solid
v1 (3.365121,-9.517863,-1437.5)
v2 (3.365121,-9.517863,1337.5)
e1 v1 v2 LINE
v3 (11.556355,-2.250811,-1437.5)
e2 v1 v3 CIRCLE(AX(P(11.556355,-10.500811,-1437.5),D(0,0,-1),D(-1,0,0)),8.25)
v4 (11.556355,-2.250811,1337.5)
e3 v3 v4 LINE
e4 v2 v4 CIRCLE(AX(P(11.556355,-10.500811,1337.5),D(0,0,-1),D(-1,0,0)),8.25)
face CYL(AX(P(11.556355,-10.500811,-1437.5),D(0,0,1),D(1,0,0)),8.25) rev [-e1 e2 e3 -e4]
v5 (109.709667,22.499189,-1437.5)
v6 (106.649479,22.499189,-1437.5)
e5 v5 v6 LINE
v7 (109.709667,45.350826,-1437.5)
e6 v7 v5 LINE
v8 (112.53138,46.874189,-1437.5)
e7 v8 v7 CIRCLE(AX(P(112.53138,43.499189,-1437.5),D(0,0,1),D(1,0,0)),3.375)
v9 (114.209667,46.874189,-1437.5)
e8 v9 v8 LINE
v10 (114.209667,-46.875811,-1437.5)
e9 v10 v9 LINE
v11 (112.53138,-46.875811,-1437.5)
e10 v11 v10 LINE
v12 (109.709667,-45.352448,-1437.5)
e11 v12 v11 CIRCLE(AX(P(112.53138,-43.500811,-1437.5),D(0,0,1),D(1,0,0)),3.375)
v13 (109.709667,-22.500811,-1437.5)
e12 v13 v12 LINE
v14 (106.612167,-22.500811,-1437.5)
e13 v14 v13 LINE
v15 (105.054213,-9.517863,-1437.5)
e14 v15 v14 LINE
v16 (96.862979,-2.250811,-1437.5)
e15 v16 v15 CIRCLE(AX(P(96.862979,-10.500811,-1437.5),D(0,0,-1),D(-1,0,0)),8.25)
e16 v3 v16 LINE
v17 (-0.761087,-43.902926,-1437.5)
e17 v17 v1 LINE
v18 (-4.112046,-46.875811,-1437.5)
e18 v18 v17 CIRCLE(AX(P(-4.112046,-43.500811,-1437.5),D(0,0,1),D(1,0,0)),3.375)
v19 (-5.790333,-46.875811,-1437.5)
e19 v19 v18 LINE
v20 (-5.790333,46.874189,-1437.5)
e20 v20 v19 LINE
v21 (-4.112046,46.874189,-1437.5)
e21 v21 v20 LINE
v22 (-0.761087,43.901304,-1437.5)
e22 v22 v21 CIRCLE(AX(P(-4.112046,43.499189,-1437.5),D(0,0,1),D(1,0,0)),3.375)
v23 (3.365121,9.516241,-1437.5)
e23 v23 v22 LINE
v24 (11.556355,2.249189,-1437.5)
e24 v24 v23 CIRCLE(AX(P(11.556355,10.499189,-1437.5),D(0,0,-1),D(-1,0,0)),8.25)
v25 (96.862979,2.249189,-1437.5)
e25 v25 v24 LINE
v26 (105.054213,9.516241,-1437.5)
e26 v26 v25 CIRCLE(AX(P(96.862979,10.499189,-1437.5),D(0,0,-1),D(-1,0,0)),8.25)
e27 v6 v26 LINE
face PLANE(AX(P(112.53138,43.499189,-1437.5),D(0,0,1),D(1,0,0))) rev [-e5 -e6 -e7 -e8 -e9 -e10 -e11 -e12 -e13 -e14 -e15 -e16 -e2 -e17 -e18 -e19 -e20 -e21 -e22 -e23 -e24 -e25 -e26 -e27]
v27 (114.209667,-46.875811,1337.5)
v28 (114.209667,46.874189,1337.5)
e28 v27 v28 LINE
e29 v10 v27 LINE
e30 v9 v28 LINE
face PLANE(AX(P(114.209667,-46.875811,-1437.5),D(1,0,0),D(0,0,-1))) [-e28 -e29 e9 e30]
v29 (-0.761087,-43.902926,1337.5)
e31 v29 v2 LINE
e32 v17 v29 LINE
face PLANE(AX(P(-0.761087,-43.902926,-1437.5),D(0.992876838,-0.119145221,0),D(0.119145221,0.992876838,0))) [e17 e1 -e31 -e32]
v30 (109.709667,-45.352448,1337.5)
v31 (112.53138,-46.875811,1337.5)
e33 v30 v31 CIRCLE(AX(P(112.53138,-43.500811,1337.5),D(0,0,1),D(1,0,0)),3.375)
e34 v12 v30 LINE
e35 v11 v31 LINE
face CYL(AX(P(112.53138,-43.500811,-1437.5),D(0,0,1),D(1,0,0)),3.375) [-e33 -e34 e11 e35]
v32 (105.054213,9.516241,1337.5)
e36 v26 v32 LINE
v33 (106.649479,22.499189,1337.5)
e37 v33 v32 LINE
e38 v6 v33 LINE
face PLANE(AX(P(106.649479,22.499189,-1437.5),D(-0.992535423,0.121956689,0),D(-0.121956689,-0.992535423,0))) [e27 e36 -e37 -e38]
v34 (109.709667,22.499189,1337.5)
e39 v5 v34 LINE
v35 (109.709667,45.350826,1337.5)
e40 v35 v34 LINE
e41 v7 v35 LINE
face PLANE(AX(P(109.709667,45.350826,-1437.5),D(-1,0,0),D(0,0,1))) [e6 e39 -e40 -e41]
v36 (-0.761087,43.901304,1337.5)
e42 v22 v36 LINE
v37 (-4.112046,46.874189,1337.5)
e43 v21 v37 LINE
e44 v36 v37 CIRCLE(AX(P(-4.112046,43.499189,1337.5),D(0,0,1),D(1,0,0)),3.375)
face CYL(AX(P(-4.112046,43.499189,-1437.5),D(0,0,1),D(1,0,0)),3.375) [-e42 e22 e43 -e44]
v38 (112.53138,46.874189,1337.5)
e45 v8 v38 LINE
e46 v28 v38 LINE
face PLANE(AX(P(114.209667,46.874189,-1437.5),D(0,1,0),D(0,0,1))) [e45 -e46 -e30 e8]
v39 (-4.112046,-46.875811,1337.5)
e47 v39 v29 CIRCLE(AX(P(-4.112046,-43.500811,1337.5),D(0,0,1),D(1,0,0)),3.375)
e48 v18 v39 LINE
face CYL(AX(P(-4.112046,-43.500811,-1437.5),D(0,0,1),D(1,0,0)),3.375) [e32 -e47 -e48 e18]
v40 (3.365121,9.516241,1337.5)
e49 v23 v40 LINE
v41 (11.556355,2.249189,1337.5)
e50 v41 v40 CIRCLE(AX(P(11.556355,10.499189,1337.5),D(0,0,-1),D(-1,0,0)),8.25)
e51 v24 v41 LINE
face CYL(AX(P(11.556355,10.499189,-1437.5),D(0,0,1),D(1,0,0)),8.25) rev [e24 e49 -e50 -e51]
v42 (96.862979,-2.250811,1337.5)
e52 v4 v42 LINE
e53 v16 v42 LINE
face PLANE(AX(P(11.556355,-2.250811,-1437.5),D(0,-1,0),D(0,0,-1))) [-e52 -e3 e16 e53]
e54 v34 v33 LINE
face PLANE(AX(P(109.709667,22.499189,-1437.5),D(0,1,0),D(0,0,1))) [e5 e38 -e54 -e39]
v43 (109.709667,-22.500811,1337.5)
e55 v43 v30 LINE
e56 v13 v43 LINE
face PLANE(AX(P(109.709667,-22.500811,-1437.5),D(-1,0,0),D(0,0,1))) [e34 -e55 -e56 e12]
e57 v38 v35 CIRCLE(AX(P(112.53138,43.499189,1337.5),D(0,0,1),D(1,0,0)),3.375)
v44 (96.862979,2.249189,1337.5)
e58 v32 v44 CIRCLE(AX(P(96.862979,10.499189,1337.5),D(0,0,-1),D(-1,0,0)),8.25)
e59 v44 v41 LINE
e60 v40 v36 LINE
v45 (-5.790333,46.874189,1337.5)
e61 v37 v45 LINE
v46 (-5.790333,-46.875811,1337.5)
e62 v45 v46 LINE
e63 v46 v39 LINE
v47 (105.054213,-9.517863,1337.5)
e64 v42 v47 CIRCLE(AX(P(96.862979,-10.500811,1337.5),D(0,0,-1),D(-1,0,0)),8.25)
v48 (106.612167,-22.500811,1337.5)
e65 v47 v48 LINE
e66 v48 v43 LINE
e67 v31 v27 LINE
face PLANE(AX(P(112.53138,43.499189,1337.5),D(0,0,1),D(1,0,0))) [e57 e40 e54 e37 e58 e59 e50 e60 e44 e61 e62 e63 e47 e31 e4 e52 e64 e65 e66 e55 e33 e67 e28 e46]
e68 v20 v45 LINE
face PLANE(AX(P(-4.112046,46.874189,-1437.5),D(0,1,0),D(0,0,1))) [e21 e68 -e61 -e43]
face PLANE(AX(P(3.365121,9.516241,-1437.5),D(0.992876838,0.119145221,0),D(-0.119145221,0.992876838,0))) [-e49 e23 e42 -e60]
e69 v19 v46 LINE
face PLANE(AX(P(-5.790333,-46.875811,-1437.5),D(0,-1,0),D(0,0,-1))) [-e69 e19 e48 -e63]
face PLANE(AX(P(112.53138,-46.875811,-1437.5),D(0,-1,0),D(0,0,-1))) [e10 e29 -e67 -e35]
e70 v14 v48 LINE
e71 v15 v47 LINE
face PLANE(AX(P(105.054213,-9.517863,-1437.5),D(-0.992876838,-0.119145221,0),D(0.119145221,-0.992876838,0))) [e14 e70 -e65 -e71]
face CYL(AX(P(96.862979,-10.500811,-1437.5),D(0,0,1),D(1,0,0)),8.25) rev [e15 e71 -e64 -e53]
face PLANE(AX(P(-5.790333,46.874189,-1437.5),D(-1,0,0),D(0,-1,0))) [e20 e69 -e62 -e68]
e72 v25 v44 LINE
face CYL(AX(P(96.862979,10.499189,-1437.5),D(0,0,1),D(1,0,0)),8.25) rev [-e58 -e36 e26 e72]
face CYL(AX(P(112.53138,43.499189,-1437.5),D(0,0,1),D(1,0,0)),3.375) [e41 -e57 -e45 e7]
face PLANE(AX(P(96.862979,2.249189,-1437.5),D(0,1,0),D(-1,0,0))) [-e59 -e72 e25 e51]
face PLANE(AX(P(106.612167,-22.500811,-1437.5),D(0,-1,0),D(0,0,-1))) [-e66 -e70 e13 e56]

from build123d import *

# Parameters (mm, degrees)
BOSS_EXTRUDE1_DEPTH = 3700
SCALE1_SCALE        = 0.75


with BuildPart() as part:
    # Sketch1 → Boss-Extrude1 (new body)
    with BuildSketch(Plane.XY.offset(1800)):
        with BuildLine():
            Line((129, 60.46884946), (129, 30))
            Line((129, 30), (124.919748757, 30))
            Line((124.919748757, 30), (122.792728308, 12.689402566))
            ThreePointArc((122.792728308, 12.689402566), (119.171200489, 5.771495525), (111.871083085, 3))
            Line((111.871083085, 3), (-1.871083085, 3))
            ThreePointArc((-1.871083085, 3), (-9.171200492, 5.771495528), (-12.792728309, 12.689402573))
            Line((-12.792728309, 12.689402573), (-18.294338419, 58.536153493))
            ThreePointArc((-18.294338419, 58.536153493), (-19.775872526, 61.366206375), (-22.762284192, 62.5))
            Line((-22.762284192, 62.5), (-25, 62.5))
            Line((-25, 62.5), (-25, -62.5))
            Line((-25, -62.5), (-22.762284192, -62.5))
            ThreePointArc((-22.762284192, -62.5), (-19.775872526, -61.366206375), (-18.294338419, -58.536153493))
            Line((-18.294338419, -58.536153493), (-12.792728309, -12.689402573))
            ThreePointArc((-12.792728309, -12.689402573), (-9.171200492, -5.771495528), (-1.871083085, -3))
            Line((-1.871083085, -3), (111.871083085, -3))
            ThreePointArc((111.871083085, -3), (119.171200492, -5.771495528), (122.792728309, -12.689402573))
            Line((122.792728309, -12.689402573), (124.87, -30))
            Line((124.87, -30), (129, -30))
            Line((129, -30), (129, -60.46884946))
            ThreePointArc((129, -60.46884946), (130.62450761, -61.959786773), (132.762284192, -62.5))
            Line((132.762284192, -62.5), (135, -62.5))
            Line((135, -62.5), (135, 62.5))
            Line((135, 62.5), (132.762284192, 62.5))
            ThreePointArc((132.762284192, 62.5), (130.62450761, 61.959786773), (129, 60.46884946))
        make_face()
    extrude(amount=-BOSS_EXTRUDE1_DEPTH)


with BuildPart() as part_1:
    # Scale1: scaled about (51.838667986, -0.00324275, -50)
    add(part.part.scale(SCALE1_SCALE).moved(Location((12.959666996, -0.000810687, -12.5))))


solid = part_1.part
